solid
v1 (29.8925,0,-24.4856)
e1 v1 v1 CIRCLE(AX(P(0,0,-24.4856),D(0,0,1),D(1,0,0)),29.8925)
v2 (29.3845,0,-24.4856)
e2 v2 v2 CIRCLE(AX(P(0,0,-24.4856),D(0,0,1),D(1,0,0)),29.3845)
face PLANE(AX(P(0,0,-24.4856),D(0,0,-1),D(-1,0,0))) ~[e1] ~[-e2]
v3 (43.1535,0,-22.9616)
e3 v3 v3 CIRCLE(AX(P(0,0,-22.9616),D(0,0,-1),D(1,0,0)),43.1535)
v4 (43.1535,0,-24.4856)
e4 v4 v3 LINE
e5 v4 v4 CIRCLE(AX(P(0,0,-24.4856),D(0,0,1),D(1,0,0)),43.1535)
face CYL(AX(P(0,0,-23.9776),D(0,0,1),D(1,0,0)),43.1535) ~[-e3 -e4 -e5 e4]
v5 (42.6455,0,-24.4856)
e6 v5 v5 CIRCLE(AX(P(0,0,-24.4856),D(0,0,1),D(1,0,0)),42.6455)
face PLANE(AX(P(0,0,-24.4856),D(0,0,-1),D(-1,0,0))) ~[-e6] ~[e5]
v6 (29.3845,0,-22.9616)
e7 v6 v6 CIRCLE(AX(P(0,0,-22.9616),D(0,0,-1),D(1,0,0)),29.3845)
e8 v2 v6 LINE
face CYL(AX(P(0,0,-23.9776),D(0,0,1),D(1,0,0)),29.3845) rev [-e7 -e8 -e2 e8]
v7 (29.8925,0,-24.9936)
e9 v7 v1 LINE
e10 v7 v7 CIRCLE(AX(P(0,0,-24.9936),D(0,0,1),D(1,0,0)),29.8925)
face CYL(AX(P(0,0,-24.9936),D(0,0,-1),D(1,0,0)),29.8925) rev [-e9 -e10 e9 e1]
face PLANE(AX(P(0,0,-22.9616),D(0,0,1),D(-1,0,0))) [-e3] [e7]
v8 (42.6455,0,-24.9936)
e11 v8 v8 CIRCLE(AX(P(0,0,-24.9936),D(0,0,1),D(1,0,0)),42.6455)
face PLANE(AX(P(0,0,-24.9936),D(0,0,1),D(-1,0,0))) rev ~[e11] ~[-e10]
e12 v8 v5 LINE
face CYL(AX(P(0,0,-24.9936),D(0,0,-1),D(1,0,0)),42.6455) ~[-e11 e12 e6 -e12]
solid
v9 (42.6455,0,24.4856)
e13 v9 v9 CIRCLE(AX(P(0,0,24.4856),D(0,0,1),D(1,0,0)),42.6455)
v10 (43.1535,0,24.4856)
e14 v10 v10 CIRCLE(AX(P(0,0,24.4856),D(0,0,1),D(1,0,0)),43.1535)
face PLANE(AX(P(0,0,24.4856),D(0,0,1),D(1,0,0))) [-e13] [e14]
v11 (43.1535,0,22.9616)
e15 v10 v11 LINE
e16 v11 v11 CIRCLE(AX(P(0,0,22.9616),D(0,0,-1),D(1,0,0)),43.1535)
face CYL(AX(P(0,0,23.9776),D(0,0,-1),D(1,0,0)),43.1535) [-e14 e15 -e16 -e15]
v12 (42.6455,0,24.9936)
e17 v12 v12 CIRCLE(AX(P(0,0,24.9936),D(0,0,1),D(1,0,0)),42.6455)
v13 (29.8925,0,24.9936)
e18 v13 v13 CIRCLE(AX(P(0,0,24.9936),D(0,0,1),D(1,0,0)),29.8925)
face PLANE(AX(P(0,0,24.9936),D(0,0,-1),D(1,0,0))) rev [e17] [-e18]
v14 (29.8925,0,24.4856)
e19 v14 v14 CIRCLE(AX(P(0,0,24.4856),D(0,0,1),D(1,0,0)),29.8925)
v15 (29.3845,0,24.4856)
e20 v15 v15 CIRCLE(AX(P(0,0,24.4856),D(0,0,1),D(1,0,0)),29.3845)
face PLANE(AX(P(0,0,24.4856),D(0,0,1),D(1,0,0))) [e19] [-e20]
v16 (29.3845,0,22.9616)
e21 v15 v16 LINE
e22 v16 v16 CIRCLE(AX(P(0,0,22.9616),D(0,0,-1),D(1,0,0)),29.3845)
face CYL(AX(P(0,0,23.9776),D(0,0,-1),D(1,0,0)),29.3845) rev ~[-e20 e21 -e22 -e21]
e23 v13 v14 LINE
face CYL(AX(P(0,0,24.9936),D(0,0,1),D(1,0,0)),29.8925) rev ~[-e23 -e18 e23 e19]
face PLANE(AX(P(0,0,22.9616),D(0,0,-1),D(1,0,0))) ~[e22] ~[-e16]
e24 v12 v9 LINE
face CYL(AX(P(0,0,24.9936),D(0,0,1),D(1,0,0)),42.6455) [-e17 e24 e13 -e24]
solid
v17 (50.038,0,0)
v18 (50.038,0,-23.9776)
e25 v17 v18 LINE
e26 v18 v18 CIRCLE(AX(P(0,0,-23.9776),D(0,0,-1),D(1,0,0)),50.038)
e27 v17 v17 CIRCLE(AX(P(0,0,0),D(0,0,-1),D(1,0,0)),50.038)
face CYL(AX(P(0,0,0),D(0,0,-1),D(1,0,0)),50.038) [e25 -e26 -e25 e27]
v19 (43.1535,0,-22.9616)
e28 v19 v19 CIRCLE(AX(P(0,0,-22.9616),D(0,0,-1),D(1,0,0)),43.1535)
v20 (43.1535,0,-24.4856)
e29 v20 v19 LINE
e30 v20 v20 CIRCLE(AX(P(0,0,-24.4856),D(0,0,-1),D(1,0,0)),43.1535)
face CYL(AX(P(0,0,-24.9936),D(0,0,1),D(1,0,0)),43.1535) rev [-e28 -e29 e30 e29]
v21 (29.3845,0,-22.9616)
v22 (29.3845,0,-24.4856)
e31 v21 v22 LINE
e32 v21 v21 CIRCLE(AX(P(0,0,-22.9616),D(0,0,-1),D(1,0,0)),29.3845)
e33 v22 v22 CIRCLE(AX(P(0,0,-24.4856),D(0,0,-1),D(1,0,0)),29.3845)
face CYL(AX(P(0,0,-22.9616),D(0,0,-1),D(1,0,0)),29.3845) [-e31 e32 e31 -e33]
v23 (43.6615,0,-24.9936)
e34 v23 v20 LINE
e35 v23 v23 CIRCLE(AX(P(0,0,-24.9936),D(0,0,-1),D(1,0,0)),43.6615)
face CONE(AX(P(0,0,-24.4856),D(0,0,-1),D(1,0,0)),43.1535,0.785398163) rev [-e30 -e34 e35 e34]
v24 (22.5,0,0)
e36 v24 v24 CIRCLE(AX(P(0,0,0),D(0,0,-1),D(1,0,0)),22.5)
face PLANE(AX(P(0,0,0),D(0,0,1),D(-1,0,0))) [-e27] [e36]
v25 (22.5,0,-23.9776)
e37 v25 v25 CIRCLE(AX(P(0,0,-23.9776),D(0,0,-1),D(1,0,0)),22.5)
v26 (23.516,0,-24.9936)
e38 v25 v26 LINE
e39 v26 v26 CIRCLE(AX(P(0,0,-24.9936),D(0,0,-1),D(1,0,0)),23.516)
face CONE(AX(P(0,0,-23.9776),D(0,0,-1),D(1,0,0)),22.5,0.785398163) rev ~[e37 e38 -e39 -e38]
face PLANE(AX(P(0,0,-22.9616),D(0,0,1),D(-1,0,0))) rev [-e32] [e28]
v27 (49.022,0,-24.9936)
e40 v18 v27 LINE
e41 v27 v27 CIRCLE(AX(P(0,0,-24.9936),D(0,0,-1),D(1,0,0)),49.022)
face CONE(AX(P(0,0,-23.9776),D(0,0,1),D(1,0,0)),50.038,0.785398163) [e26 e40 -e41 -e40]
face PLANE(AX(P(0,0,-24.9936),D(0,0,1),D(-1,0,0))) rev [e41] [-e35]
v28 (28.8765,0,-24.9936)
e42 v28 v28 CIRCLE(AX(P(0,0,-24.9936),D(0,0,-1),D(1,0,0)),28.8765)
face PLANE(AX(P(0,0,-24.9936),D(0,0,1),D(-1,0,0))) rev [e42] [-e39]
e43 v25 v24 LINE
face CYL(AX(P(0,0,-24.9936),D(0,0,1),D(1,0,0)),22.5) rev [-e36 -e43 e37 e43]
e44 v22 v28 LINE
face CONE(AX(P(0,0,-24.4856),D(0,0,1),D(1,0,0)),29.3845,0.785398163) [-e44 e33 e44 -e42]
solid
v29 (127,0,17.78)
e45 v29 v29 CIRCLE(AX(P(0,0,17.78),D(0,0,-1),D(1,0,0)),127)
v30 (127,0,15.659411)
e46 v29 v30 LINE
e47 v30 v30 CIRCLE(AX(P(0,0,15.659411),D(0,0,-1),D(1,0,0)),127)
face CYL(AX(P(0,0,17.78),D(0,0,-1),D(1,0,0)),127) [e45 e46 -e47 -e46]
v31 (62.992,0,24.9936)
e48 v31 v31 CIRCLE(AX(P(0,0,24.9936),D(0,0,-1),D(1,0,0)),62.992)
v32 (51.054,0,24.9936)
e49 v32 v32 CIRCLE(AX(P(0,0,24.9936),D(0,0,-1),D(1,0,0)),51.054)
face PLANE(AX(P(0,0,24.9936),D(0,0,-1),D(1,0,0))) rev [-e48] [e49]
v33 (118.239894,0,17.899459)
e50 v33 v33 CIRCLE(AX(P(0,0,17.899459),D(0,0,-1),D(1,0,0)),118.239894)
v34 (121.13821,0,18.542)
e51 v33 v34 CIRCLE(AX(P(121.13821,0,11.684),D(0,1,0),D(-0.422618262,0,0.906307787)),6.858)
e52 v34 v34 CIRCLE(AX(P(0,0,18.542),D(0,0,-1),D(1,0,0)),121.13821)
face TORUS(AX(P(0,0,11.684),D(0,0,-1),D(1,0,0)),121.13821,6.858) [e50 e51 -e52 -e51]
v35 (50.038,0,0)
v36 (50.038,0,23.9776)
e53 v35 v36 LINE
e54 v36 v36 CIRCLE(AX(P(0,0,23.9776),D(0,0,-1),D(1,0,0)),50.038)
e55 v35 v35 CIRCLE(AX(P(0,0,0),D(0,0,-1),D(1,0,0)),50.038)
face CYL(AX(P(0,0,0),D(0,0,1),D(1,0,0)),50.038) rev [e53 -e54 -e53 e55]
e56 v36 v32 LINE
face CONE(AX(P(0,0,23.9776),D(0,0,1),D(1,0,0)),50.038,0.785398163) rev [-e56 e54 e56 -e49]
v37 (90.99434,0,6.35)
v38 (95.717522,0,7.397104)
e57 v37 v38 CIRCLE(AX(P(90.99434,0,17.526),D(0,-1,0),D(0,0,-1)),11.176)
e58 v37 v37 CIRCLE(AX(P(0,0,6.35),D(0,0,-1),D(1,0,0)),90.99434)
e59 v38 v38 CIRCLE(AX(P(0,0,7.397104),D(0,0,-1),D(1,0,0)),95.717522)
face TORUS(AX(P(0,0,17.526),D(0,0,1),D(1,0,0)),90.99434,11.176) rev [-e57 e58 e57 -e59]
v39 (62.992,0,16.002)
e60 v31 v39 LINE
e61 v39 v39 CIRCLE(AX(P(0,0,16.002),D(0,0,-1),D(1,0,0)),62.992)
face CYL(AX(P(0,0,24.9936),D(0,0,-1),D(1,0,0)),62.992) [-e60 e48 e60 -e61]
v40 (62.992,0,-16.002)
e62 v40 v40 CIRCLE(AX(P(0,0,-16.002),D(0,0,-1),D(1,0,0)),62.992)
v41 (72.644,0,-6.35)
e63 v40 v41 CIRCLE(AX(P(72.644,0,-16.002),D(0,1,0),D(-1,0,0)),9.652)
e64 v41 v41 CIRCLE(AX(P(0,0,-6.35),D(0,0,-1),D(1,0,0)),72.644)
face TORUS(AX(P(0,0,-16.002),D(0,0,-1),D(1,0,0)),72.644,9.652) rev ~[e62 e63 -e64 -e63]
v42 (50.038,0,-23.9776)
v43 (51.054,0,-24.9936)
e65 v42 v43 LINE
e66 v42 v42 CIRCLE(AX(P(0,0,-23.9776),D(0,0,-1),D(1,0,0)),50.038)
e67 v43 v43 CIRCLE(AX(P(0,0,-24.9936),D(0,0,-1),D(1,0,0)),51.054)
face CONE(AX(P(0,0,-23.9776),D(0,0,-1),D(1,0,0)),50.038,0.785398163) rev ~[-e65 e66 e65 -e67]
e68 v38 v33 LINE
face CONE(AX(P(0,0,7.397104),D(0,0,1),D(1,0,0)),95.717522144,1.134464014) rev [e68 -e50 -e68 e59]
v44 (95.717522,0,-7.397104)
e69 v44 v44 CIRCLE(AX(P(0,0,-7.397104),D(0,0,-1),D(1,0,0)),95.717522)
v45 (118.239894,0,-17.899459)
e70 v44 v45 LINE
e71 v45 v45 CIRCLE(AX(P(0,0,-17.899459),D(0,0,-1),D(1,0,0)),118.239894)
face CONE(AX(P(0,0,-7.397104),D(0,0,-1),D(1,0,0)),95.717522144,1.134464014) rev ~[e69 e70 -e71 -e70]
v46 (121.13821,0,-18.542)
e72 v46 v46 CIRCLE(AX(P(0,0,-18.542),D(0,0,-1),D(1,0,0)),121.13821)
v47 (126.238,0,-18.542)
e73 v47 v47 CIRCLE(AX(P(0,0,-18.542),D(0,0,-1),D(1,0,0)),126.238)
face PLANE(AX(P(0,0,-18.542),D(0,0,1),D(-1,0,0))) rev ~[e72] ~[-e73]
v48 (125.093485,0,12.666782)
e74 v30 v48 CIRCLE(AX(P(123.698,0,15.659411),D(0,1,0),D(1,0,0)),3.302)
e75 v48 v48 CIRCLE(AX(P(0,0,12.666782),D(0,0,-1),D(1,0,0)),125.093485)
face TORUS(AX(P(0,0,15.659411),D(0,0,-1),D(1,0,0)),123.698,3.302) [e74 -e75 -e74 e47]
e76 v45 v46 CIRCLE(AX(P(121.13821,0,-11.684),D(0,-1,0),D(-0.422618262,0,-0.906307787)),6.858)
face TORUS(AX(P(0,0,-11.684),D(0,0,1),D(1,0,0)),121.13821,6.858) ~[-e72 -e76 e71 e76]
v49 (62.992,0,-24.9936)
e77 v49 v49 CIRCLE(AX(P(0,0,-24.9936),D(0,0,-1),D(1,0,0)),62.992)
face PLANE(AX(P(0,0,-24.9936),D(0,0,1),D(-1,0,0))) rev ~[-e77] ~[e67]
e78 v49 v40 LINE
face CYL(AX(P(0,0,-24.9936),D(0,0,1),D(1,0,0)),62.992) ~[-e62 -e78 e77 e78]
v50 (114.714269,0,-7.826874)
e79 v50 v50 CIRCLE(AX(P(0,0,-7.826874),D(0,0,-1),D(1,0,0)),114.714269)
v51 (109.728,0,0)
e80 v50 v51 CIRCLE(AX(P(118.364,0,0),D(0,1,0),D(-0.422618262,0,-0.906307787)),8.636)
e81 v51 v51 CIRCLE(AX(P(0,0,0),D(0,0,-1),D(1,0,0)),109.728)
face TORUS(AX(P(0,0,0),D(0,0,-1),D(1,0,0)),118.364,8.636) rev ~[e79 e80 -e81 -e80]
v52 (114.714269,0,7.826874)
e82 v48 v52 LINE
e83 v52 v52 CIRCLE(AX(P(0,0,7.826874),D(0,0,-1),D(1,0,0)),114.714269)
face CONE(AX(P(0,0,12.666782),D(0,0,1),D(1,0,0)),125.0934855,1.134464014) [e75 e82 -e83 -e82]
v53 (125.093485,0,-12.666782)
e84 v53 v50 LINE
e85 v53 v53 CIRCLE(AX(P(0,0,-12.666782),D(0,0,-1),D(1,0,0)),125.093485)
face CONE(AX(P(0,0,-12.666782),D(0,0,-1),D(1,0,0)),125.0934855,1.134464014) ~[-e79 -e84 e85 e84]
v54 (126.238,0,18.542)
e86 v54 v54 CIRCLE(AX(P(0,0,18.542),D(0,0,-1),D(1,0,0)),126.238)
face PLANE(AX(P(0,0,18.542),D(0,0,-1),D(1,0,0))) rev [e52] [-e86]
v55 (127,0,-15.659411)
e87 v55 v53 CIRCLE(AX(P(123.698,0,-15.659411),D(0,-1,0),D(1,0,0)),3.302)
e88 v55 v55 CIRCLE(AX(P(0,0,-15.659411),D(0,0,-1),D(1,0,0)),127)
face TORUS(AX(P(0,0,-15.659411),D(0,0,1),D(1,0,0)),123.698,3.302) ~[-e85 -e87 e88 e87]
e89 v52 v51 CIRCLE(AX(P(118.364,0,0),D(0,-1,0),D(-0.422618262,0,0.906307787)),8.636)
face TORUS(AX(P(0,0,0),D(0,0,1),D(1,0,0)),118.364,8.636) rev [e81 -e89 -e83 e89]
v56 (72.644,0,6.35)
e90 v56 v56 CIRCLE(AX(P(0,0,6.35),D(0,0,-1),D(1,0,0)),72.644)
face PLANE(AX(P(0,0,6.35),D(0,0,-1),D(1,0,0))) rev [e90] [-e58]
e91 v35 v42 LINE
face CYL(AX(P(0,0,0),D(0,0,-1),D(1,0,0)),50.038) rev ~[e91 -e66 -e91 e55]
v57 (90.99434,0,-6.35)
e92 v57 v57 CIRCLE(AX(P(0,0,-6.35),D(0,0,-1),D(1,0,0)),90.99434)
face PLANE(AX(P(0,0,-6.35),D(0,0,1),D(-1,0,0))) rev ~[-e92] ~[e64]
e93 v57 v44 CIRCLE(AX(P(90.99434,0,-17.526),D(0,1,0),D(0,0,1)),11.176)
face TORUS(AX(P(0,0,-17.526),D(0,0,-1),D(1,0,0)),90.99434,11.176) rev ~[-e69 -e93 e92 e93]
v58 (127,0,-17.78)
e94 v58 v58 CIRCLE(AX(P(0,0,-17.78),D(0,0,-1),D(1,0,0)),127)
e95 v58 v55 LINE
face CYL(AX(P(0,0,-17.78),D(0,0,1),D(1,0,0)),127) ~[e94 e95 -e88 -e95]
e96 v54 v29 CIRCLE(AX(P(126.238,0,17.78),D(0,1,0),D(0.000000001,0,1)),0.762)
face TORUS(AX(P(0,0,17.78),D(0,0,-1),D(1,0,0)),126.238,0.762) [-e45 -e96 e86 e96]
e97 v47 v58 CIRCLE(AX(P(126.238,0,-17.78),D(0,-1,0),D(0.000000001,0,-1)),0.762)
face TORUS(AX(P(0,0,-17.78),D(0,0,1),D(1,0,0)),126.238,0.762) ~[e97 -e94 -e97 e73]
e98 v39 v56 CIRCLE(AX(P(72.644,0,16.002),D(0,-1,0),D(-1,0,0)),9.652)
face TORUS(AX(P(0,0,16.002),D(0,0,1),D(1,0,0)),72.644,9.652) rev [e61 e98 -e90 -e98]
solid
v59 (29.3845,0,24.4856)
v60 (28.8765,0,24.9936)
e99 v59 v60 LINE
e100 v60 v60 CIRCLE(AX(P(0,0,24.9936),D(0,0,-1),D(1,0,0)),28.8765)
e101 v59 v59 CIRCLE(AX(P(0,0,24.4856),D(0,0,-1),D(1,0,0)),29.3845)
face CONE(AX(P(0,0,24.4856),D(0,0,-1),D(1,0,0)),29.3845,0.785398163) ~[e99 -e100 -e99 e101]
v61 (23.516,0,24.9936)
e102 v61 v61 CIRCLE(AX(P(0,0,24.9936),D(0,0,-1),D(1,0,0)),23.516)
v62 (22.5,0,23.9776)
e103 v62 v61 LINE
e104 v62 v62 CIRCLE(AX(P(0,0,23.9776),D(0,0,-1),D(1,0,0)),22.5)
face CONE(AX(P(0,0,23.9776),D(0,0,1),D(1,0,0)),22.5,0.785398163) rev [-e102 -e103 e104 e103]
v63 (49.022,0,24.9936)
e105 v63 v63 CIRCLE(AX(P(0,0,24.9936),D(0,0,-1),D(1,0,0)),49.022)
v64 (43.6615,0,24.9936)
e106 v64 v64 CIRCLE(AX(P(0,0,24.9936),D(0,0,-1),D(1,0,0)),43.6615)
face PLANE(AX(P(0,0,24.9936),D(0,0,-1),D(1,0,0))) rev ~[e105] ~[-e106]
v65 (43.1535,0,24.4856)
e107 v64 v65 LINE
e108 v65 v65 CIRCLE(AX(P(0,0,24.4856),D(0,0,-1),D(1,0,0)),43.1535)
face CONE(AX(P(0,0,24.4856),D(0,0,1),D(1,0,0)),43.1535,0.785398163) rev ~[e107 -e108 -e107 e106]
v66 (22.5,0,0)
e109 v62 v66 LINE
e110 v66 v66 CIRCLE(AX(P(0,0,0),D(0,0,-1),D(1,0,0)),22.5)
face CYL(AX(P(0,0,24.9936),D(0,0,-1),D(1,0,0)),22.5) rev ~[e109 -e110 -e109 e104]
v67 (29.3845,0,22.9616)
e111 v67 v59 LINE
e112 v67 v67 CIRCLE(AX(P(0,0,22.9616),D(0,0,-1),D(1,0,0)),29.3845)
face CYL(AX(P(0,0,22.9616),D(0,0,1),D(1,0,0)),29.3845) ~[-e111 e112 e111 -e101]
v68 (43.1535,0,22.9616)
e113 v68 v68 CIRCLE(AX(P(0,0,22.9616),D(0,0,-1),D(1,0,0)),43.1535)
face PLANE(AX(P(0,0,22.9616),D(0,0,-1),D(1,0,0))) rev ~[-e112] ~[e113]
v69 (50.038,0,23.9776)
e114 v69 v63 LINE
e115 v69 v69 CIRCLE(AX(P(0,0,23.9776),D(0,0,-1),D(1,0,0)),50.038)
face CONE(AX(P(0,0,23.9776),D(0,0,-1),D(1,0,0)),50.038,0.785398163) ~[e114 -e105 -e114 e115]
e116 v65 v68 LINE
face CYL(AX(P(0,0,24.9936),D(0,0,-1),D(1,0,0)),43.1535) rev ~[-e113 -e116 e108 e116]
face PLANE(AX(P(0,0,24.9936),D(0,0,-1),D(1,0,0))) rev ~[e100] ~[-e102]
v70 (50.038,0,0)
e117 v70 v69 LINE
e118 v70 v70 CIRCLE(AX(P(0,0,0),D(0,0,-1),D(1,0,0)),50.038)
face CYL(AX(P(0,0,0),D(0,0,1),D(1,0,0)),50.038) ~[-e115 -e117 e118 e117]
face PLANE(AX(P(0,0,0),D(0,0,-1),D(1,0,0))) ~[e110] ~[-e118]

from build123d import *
from build123d.topology import SkipClean

# Parameters (mm, degrees)
CHAMFER1_SIZE      = 0.508
SKETCH5_W          = 2.032
SKETCH5_H          = 13.769
SKETCH7_R          = 43.1535
SKETCH7_R_2        = 42.6455
SKETCH7_R_3        = 29.8925
SKETCH7_R_4        = 29.3845
CUT_EXTRUDE1_DEPTH = 0.508
CHAMFER4_SIZE      = 1.016


with BuildPart() as part:
    # Sketch4 → Revolve1 (revolve)
    with BuildSketch(Plane(origin=(0, 0, 0), x_dir=(0, 0, -1), z_dir=(1, 0, 0)), mode=Mode.PRIVATE) as revolve1_sk:
        Polygon((-24.9936, 22.5), (0, 22.5), (0, 50.038), (-23.9776, 50.038), (-24.9936, 49.022), (-24.9936, 43.1535), (-22.9616, 43.1535), (-22.9616, 29.3845), (-24.9936, 29.3845), align=None)
    revolve(revolve1_sk.sketch.rotate(Axis((0, 0, 24.9936), (0, 0, -1)), 90), axis=Axis((0, 0, 24.9936), (0, 0, -1)))

    # Chamfer1
    chamfer1_edges = [part.edges().sort_by_distance(p)[0] for p in [
        (-29.3845, 0, 24.9936),
        (-43.1535, 0, 24.9936),
    ]]
    chamfer(chamfer1_edges, length=CHAMFER1_SIZE)

    # Chamfer4
    chamfer4_edges = [part.edges().sort_by_distance(p)[0] for p in [
        (-22.5, 0, 24.9936),
    ]]
    chamfer(chamfer4_edges, length=CHAMFER4_SIZE)


with BuildPart() as body_2:
    # Sketch5 → Revolve2 (revolve)
    with BuildSketch(Plane(origin=(0, 0, 0), x_dir=(0, 0, -1), z_dir=(1, 0, 0)), mode=Mode.PRIVATE) as revolve2_sk:
        with Locations((-23.9776, 36.269)):
            Rectangle(SKETCH5_W, SKETCH5_H)
    revolve(revolve2_sk.sketch.rotate(Axis((0, 0, 24.9936), (0, 0, -1)), 90), axis=Axis((0, 0, 24.9936), (0, 0, -1)))

    # Sketch7 → Cut-Extrude1 (cut)
    # profile 1 of 2: a face of its own
    with BuildSketch(Plane.XY.offset(24.9936)):
        Circle(SKETCH7_R)
        Circle(SKETCH7_R_2, mode=Mode.SUBTRACT)
    # profile 2 of 2: a face of its own
    with BuildSketch(Plane.XY.offset(24.9936)):
        Circle(SKETCH7_R_3)
        Circle(SKETCH7_R_4, mode=Mode.SUBTRACT)
    extrude(amount=-CUT_EXTRUDE1_DEPTH, mode=Mode.SUBTRACT)


with BuildPart() as body_3:
    # Mirror1: mirrored copy
    add(body_2.part.mirror(Plane.XY))


with BuildPart() as body_4:
    # Mirror1 2: mirrored copy
    add(part.part.mirror(Plane.XY))


with BuildPart() as body_5:
    # Sketch6 → Revolve3 (revolve)
    with BuildSketch(Plane(origin=(0, 0, 0), x_dir=(0, 0, -1), z_dir=(1, 0, 0)), mode=Mode.PRIVATE) as revolve3_sk:
        with BuildLine():
            Line((-23.9776, 50.038), (-24.9936, 51.054))
            Line((-24.9936, 51.054), (-24.9936, 62.992))
            Line((-24.9936, 62.992), (-16.002, 62.992))
            ThreePointArc((-16.002, 62.992), (-9.177005348, 65.819005348), (-6.35, 72.644))
            Line((-6.35, 72.644), (-6.35, 90.99434045))
            ThreePointArc((-6.35, 90.99434045), (-6.614915824, 93.413269576), (-7.397104172, 95.717522144))
            Line((-7.397104172, 95.717522144), (-17.899458803, 118.239894332))
            ThreePointArc((-17.899458803, 118.239894332), (-18.379438017, 119.653867499), (-18.542, 121.138210371))
            Line((-18.542, 121.138210371), (-18.542, 126.238))
            ThreePointArc((-18.542, 126.238), (-18.318815367, 126.776815367), (-17.78, 127))
            Line((-17.78, 127), (-15.659410645, 127))
            ThreePointArc((-15.659410645, 127), (-13.885247338, 126.482878554), (-12.666782332, 125.0934855))
            Line((-12.666782332, 125.0934855), (-7.826874049, 114.714268692))
            ThreePointArc((-7.826874049, 114.714268692), (-4.640119418, 111.080471474), (0, 109.728))
            Line((0, 109.728), (0, 50.038))
            Line((0, 50.038), (-23.9776, 50.038))
        make_face()
    revolve(revolve3_sk.sketch.rotate(Axis((0, 0, 24.9936), (0, 0, -1)), 90), axis=Axis((0, 0, 24.9936), (0, 0, -1)))

    # Mirror2: body 5 across plane


with BuildPart() as body_5_1:
    with SkipClean():  # the faces are left unmerged after this step: merging them gives an invalid solid
        add(body_5.part)
        add(body_5.part.mirror(Plane(origin=(0, 109.728, 0), x_dir=(1, 0, 0), z_dir=(0, 0, 1))))


solid = Compound([part.part, body_2.part, body_3.part, body_4.part, body_5_1.part])
